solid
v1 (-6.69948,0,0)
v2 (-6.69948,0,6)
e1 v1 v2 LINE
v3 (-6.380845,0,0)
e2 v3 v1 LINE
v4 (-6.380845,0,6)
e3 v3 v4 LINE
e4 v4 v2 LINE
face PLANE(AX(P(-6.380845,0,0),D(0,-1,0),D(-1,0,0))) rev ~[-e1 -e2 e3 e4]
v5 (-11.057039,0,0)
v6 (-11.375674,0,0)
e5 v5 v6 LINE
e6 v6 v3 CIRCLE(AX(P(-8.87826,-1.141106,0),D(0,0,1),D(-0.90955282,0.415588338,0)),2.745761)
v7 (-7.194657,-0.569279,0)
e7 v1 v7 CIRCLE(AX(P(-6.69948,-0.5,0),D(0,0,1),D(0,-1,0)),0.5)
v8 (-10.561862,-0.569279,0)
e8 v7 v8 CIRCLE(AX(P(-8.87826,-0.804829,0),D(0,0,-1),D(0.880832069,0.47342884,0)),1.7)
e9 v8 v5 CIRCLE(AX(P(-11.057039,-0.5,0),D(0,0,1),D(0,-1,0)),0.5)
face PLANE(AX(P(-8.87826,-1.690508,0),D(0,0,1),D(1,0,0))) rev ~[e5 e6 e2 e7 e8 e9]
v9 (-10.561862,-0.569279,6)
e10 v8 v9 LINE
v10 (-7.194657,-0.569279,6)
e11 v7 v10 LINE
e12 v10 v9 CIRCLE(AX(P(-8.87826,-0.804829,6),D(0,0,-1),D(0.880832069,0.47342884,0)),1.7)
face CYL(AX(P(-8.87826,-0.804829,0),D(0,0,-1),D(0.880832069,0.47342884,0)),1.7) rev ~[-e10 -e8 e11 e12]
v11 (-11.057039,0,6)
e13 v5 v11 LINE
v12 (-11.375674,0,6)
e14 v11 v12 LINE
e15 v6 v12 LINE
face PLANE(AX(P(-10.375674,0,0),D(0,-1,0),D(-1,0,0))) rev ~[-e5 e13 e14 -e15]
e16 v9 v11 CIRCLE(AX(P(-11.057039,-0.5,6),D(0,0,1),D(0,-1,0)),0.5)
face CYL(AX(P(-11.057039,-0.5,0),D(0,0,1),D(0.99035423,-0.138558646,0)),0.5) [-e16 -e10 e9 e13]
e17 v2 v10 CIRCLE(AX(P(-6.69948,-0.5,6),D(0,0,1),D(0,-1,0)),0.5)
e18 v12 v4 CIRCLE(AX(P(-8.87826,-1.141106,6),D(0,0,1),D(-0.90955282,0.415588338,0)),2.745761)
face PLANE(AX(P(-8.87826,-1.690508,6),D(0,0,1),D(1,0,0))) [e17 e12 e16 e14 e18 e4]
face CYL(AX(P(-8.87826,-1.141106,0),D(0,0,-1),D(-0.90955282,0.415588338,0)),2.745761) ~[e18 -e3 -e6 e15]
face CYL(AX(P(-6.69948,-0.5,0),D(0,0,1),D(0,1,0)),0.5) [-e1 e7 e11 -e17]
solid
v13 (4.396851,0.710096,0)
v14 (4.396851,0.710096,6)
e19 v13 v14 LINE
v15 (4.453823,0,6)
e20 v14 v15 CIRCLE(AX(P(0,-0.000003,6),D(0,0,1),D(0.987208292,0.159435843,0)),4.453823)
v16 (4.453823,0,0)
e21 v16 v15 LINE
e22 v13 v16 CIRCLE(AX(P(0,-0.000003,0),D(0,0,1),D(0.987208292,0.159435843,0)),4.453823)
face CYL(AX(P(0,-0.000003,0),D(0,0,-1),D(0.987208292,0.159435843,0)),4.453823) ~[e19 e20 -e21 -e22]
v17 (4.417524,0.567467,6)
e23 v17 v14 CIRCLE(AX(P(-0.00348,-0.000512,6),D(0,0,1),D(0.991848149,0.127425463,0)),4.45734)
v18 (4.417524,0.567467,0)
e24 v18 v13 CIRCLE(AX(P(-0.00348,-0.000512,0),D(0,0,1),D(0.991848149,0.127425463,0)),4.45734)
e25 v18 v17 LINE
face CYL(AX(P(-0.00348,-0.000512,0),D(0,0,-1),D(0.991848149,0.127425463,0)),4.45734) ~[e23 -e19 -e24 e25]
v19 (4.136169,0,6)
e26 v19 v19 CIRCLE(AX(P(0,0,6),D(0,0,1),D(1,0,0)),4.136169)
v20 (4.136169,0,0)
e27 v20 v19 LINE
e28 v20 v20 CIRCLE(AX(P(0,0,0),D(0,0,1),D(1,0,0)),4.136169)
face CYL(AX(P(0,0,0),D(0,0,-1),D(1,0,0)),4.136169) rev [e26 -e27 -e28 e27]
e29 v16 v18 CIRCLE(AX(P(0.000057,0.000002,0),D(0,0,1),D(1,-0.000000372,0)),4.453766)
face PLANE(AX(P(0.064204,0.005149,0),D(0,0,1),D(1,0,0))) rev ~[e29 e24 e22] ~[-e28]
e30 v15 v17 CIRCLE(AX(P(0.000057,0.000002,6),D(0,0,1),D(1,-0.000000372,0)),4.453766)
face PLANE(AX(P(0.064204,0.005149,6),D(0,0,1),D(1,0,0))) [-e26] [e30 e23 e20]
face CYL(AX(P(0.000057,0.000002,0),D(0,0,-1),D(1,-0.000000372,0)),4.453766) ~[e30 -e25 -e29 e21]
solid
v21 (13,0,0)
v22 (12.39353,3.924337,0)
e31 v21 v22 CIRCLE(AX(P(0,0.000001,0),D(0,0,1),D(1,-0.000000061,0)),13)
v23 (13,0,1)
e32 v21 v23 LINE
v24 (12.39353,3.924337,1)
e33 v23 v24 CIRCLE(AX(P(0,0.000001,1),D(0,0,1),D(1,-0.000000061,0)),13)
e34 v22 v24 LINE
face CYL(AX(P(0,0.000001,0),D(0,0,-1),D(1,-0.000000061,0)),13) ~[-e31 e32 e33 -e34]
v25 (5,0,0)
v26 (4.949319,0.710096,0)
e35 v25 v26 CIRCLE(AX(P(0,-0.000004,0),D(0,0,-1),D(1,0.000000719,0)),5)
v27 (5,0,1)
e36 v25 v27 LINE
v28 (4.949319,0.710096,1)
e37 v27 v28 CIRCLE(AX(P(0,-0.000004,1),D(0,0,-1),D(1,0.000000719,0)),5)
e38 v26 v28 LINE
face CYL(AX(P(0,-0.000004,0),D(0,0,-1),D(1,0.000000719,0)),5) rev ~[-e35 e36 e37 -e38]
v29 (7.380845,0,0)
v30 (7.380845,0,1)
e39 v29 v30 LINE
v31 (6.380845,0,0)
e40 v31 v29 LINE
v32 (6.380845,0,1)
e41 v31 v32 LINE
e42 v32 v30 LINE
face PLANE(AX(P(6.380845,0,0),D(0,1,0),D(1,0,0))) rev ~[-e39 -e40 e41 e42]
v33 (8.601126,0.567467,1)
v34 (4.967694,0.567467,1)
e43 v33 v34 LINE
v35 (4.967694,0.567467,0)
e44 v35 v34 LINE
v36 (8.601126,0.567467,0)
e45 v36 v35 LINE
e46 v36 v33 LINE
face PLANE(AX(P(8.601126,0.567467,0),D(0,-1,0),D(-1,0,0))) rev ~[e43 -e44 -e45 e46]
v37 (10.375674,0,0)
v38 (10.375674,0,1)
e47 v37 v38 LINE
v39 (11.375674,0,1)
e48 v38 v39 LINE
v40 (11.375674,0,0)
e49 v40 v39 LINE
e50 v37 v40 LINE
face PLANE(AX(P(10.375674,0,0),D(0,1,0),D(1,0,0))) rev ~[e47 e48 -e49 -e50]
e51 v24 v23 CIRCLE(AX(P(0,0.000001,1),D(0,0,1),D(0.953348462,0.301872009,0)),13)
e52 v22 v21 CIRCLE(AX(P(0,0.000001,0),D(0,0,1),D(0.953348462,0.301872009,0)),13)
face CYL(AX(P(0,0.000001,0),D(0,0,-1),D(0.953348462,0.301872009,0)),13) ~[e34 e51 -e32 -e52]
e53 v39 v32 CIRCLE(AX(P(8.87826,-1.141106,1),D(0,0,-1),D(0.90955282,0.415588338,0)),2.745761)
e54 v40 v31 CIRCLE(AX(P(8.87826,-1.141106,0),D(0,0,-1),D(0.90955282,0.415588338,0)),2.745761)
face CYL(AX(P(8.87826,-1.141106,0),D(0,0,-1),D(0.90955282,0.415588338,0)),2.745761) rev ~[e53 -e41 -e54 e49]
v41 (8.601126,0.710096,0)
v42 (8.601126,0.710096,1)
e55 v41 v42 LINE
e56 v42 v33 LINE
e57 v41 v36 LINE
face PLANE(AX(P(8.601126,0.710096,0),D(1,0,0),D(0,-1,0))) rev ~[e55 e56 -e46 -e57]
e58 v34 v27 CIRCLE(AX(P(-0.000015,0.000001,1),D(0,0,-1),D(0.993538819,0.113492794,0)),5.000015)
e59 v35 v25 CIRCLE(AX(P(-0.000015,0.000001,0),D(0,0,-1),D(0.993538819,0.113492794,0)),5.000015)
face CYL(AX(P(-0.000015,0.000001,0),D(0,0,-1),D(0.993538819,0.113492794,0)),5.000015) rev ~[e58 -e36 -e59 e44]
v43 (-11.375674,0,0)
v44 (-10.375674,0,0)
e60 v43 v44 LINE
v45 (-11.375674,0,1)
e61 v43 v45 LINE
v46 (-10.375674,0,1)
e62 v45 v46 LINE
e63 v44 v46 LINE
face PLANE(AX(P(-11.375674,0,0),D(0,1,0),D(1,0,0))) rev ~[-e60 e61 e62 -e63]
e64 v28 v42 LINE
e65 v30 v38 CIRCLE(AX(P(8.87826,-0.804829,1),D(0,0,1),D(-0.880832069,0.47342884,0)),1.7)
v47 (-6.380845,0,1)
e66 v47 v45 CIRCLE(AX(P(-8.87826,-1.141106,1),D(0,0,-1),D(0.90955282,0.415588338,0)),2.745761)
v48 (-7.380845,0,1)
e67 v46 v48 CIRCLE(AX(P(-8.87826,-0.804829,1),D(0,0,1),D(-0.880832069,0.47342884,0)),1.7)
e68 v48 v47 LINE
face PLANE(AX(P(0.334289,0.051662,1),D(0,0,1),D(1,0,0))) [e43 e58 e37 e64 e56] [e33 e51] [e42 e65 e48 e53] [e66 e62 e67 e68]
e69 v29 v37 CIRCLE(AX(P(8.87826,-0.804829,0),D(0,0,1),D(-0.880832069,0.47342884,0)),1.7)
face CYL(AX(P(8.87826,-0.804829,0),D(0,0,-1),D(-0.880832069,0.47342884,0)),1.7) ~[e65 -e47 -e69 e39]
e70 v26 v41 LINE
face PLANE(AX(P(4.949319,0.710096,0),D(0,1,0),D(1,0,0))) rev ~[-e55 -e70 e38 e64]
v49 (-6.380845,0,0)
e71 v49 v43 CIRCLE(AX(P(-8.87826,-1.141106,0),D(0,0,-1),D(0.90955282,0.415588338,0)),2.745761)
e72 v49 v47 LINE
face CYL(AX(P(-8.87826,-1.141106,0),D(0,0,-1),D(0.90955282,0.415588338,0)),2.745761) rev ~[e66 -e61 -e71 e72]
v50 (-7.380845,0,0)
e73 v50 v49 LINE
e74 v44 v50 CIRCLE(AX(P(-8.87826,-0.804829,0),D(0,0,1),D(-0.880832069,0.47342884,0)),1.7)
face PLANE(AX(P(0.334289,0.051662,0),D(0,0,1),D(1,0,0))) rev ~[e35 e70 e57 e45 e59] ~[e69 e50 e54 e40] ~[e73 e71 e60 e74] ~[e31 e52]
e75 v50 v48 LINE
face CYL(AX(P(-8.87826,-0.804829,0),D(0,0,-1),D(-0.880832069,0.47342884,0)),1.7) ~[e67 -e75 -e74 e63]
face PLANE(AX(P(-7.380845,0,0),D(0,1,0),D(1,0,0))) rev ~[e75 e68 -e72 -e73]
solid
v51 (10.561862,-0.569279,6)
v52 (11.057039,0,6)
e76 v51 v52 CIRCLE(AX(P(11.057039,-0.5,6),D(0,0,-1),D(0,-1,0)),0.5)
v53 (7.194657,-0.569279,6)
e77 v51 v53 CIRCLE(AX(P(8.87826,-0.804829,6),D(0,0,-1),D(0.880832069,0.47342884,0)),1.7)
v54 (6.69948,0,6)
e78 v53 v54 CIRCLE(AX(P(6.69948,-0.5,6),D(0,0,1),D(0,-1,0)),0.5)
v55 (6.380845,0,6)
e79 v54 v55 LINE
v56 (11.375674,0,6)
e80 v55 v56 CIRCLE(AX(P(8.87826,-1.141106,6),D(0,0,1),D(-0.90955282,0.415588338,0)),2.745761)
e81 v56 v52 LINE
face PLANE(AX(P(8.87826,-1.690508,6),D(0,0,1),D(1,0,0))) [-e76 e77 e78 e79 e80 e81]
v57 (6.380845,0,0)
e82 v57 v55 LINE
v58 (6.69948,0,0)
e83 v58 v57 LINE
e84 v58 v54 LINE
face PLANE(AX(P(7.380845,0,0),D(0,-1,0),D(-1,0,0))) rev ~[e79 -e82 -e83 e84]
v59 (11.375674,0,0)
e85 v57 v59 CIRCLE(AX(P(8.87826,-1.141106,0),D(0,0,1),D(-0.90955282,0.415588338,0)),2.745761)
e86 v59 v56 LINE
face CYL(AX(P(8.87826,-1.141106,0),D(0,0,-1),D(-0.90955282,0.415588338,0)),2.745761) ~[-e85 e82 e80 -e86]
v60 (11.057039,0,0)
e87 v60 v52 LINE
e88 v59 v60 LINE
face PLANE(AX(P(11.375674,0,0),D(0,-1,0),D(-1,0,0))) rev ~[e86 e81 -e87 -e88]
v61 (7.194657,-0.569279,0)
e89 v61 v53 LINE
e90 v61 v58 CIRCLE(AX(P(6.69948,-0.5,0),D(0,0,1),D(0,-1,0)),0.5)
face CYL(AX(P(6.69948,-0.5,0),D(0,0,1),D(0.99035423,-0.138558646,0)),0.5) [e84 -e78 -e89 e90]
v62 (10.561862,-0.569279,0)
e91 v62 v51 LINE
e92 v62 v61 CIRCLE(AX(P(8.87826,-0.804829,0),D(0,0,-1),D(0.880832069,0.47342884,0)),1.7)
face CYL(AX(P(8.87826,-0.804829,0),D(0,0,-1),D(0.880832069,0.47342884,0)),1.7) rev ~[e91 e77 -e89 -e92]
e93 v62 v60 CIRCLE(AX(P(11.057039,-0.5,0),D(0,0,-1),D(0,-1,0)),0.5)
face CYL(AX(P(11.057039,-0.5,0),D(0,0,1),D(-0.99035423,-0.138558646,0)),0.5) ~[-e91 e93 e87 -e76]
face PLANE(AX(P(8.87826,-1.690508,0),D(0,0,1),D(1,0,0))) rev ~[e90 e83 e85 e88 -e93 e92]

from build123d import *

# Parameters (mm, degrees)
F1_DEPTH = 6
F2_DEPTH = 1
F0_R     = 4.136169
F3_DEPTH = 6
F4_R     = 0.5


with BuildPart() as f1:
    # F0 (on Top) → F1 (new body)
    with BuildSketch(Plane.XY):
        with BuildLine():
            Line((-6.380845, 0), (-7.380845, 0))
            ThreePointArc((-7.380845, 0), (-8.87826, -2.504829), (-10.375674, 0))
            Line((-10.375674, 0), (-11.375674, 0))
            ThreePointArc((-11.375674, 0), (-8.87826, -3.886867), (-6.380845, 0))
        make_face()
        with BuildLine():
            ThreePointArc((10.375674, 0), (8.87826, -2.504829), (7.380845, 0))
            Line((7.380845, 0), (6.380845, 0))
            ThreePointArc((6.380845, 0), (8.87826, -3.886867), (11.375674, 0))
            Line((11.375674, 0), (10.375674, 0))
        make_face()
    extrude(amount=F1_DEPTH)

    # F4
    f4_edges = [f1.edges().sort_by_distance(p)[0] for p in [
        (7.380845, 0, 3),
        (10.375674, 0, 3),
        (-7.380845, 0, 3),
        (-10.375674, 0, 3),
    ]]
    fillet(f4_edges, radius=F4_R)


with BuildPart() as f2:
    # F0 (on Top) → F2 (new body)
    with BuildSketch(Plane.XY):
        with BuildLine():
            ThreePointArc((12.39353, 3.924337), (-12.847488, -1.985461), (13, 0))
            ThreePointArc((13, 0), (12.847488, 1.985461), (12.39353, 3.924337))
        make_face()
        with BuildLine():
            ThreePointArc((-10.375674, 0), (-8.87826, -2.504829), (-7.380845, 0))
            Line((-7.380845, 0), (-6.380845, 0))
            ThreePointArc((-6.380845, 0), (-8.87826, -3.886867), (-11.375674, 0))
            Line((-11.375674, 0), (-10.375674, 0))
        make_face(mode=Mode.SUBTRACT)
        with BuildLine():
            Line((6.380845, 0), (7.380845, 0))
            ThreePointArc((7.380845, 0), (8.87826, -2.504829), (10.375674, 0))
            Line((10.375674, 0), (11.375674, 0))
            ThreePointArc((11.375674, 0), (8.87826, -3.886867), (6.380845, 0))
        make_face(mode=Mode.SUBTRACT)
        with BuildLine():
            ThreePointArc((4.967694, 0.567467), (4.991917, 0.284193), (5, 0))
            ThreePointArc((5, 0), (-4.987314, -0.355951), (4.949319, 0.710096))
            Line((4.949319, 0.710096), (8.601126, 0.710096))
            Line((8.601126, 0.710096), (8.601126, 0.567467))
            Line((8.601126, 0.567467), (4.967694, 0.567467))
        make_face(mode=Mode.SUBTRACT)
    extrude(amount=F2_DEPTH)


with BuildPart() as f3:
    # F0 (on Top) → F3 (new body)
    with BuildSketch(Plane.XY):
        with BuildLine():
            ThreePointArc((4.453823, 0), (4.444739, 0.284314), (4.417524, 0.567467))
            ThreePointArc((4.417524, 0.567467), (4.407764, 0.638865), (4.396851, 0.710096))
            ThreePointArc((4.396851, 0.710096), (-4.439557, -0.356189), (4.453823, 0))
        make_face()
        Circle(F0_R, mode=Mode.SUBTRACT)
    extrude(amount=F3_DEPTH)


solid = Compound([f1.part, f2.part, f3.part])
